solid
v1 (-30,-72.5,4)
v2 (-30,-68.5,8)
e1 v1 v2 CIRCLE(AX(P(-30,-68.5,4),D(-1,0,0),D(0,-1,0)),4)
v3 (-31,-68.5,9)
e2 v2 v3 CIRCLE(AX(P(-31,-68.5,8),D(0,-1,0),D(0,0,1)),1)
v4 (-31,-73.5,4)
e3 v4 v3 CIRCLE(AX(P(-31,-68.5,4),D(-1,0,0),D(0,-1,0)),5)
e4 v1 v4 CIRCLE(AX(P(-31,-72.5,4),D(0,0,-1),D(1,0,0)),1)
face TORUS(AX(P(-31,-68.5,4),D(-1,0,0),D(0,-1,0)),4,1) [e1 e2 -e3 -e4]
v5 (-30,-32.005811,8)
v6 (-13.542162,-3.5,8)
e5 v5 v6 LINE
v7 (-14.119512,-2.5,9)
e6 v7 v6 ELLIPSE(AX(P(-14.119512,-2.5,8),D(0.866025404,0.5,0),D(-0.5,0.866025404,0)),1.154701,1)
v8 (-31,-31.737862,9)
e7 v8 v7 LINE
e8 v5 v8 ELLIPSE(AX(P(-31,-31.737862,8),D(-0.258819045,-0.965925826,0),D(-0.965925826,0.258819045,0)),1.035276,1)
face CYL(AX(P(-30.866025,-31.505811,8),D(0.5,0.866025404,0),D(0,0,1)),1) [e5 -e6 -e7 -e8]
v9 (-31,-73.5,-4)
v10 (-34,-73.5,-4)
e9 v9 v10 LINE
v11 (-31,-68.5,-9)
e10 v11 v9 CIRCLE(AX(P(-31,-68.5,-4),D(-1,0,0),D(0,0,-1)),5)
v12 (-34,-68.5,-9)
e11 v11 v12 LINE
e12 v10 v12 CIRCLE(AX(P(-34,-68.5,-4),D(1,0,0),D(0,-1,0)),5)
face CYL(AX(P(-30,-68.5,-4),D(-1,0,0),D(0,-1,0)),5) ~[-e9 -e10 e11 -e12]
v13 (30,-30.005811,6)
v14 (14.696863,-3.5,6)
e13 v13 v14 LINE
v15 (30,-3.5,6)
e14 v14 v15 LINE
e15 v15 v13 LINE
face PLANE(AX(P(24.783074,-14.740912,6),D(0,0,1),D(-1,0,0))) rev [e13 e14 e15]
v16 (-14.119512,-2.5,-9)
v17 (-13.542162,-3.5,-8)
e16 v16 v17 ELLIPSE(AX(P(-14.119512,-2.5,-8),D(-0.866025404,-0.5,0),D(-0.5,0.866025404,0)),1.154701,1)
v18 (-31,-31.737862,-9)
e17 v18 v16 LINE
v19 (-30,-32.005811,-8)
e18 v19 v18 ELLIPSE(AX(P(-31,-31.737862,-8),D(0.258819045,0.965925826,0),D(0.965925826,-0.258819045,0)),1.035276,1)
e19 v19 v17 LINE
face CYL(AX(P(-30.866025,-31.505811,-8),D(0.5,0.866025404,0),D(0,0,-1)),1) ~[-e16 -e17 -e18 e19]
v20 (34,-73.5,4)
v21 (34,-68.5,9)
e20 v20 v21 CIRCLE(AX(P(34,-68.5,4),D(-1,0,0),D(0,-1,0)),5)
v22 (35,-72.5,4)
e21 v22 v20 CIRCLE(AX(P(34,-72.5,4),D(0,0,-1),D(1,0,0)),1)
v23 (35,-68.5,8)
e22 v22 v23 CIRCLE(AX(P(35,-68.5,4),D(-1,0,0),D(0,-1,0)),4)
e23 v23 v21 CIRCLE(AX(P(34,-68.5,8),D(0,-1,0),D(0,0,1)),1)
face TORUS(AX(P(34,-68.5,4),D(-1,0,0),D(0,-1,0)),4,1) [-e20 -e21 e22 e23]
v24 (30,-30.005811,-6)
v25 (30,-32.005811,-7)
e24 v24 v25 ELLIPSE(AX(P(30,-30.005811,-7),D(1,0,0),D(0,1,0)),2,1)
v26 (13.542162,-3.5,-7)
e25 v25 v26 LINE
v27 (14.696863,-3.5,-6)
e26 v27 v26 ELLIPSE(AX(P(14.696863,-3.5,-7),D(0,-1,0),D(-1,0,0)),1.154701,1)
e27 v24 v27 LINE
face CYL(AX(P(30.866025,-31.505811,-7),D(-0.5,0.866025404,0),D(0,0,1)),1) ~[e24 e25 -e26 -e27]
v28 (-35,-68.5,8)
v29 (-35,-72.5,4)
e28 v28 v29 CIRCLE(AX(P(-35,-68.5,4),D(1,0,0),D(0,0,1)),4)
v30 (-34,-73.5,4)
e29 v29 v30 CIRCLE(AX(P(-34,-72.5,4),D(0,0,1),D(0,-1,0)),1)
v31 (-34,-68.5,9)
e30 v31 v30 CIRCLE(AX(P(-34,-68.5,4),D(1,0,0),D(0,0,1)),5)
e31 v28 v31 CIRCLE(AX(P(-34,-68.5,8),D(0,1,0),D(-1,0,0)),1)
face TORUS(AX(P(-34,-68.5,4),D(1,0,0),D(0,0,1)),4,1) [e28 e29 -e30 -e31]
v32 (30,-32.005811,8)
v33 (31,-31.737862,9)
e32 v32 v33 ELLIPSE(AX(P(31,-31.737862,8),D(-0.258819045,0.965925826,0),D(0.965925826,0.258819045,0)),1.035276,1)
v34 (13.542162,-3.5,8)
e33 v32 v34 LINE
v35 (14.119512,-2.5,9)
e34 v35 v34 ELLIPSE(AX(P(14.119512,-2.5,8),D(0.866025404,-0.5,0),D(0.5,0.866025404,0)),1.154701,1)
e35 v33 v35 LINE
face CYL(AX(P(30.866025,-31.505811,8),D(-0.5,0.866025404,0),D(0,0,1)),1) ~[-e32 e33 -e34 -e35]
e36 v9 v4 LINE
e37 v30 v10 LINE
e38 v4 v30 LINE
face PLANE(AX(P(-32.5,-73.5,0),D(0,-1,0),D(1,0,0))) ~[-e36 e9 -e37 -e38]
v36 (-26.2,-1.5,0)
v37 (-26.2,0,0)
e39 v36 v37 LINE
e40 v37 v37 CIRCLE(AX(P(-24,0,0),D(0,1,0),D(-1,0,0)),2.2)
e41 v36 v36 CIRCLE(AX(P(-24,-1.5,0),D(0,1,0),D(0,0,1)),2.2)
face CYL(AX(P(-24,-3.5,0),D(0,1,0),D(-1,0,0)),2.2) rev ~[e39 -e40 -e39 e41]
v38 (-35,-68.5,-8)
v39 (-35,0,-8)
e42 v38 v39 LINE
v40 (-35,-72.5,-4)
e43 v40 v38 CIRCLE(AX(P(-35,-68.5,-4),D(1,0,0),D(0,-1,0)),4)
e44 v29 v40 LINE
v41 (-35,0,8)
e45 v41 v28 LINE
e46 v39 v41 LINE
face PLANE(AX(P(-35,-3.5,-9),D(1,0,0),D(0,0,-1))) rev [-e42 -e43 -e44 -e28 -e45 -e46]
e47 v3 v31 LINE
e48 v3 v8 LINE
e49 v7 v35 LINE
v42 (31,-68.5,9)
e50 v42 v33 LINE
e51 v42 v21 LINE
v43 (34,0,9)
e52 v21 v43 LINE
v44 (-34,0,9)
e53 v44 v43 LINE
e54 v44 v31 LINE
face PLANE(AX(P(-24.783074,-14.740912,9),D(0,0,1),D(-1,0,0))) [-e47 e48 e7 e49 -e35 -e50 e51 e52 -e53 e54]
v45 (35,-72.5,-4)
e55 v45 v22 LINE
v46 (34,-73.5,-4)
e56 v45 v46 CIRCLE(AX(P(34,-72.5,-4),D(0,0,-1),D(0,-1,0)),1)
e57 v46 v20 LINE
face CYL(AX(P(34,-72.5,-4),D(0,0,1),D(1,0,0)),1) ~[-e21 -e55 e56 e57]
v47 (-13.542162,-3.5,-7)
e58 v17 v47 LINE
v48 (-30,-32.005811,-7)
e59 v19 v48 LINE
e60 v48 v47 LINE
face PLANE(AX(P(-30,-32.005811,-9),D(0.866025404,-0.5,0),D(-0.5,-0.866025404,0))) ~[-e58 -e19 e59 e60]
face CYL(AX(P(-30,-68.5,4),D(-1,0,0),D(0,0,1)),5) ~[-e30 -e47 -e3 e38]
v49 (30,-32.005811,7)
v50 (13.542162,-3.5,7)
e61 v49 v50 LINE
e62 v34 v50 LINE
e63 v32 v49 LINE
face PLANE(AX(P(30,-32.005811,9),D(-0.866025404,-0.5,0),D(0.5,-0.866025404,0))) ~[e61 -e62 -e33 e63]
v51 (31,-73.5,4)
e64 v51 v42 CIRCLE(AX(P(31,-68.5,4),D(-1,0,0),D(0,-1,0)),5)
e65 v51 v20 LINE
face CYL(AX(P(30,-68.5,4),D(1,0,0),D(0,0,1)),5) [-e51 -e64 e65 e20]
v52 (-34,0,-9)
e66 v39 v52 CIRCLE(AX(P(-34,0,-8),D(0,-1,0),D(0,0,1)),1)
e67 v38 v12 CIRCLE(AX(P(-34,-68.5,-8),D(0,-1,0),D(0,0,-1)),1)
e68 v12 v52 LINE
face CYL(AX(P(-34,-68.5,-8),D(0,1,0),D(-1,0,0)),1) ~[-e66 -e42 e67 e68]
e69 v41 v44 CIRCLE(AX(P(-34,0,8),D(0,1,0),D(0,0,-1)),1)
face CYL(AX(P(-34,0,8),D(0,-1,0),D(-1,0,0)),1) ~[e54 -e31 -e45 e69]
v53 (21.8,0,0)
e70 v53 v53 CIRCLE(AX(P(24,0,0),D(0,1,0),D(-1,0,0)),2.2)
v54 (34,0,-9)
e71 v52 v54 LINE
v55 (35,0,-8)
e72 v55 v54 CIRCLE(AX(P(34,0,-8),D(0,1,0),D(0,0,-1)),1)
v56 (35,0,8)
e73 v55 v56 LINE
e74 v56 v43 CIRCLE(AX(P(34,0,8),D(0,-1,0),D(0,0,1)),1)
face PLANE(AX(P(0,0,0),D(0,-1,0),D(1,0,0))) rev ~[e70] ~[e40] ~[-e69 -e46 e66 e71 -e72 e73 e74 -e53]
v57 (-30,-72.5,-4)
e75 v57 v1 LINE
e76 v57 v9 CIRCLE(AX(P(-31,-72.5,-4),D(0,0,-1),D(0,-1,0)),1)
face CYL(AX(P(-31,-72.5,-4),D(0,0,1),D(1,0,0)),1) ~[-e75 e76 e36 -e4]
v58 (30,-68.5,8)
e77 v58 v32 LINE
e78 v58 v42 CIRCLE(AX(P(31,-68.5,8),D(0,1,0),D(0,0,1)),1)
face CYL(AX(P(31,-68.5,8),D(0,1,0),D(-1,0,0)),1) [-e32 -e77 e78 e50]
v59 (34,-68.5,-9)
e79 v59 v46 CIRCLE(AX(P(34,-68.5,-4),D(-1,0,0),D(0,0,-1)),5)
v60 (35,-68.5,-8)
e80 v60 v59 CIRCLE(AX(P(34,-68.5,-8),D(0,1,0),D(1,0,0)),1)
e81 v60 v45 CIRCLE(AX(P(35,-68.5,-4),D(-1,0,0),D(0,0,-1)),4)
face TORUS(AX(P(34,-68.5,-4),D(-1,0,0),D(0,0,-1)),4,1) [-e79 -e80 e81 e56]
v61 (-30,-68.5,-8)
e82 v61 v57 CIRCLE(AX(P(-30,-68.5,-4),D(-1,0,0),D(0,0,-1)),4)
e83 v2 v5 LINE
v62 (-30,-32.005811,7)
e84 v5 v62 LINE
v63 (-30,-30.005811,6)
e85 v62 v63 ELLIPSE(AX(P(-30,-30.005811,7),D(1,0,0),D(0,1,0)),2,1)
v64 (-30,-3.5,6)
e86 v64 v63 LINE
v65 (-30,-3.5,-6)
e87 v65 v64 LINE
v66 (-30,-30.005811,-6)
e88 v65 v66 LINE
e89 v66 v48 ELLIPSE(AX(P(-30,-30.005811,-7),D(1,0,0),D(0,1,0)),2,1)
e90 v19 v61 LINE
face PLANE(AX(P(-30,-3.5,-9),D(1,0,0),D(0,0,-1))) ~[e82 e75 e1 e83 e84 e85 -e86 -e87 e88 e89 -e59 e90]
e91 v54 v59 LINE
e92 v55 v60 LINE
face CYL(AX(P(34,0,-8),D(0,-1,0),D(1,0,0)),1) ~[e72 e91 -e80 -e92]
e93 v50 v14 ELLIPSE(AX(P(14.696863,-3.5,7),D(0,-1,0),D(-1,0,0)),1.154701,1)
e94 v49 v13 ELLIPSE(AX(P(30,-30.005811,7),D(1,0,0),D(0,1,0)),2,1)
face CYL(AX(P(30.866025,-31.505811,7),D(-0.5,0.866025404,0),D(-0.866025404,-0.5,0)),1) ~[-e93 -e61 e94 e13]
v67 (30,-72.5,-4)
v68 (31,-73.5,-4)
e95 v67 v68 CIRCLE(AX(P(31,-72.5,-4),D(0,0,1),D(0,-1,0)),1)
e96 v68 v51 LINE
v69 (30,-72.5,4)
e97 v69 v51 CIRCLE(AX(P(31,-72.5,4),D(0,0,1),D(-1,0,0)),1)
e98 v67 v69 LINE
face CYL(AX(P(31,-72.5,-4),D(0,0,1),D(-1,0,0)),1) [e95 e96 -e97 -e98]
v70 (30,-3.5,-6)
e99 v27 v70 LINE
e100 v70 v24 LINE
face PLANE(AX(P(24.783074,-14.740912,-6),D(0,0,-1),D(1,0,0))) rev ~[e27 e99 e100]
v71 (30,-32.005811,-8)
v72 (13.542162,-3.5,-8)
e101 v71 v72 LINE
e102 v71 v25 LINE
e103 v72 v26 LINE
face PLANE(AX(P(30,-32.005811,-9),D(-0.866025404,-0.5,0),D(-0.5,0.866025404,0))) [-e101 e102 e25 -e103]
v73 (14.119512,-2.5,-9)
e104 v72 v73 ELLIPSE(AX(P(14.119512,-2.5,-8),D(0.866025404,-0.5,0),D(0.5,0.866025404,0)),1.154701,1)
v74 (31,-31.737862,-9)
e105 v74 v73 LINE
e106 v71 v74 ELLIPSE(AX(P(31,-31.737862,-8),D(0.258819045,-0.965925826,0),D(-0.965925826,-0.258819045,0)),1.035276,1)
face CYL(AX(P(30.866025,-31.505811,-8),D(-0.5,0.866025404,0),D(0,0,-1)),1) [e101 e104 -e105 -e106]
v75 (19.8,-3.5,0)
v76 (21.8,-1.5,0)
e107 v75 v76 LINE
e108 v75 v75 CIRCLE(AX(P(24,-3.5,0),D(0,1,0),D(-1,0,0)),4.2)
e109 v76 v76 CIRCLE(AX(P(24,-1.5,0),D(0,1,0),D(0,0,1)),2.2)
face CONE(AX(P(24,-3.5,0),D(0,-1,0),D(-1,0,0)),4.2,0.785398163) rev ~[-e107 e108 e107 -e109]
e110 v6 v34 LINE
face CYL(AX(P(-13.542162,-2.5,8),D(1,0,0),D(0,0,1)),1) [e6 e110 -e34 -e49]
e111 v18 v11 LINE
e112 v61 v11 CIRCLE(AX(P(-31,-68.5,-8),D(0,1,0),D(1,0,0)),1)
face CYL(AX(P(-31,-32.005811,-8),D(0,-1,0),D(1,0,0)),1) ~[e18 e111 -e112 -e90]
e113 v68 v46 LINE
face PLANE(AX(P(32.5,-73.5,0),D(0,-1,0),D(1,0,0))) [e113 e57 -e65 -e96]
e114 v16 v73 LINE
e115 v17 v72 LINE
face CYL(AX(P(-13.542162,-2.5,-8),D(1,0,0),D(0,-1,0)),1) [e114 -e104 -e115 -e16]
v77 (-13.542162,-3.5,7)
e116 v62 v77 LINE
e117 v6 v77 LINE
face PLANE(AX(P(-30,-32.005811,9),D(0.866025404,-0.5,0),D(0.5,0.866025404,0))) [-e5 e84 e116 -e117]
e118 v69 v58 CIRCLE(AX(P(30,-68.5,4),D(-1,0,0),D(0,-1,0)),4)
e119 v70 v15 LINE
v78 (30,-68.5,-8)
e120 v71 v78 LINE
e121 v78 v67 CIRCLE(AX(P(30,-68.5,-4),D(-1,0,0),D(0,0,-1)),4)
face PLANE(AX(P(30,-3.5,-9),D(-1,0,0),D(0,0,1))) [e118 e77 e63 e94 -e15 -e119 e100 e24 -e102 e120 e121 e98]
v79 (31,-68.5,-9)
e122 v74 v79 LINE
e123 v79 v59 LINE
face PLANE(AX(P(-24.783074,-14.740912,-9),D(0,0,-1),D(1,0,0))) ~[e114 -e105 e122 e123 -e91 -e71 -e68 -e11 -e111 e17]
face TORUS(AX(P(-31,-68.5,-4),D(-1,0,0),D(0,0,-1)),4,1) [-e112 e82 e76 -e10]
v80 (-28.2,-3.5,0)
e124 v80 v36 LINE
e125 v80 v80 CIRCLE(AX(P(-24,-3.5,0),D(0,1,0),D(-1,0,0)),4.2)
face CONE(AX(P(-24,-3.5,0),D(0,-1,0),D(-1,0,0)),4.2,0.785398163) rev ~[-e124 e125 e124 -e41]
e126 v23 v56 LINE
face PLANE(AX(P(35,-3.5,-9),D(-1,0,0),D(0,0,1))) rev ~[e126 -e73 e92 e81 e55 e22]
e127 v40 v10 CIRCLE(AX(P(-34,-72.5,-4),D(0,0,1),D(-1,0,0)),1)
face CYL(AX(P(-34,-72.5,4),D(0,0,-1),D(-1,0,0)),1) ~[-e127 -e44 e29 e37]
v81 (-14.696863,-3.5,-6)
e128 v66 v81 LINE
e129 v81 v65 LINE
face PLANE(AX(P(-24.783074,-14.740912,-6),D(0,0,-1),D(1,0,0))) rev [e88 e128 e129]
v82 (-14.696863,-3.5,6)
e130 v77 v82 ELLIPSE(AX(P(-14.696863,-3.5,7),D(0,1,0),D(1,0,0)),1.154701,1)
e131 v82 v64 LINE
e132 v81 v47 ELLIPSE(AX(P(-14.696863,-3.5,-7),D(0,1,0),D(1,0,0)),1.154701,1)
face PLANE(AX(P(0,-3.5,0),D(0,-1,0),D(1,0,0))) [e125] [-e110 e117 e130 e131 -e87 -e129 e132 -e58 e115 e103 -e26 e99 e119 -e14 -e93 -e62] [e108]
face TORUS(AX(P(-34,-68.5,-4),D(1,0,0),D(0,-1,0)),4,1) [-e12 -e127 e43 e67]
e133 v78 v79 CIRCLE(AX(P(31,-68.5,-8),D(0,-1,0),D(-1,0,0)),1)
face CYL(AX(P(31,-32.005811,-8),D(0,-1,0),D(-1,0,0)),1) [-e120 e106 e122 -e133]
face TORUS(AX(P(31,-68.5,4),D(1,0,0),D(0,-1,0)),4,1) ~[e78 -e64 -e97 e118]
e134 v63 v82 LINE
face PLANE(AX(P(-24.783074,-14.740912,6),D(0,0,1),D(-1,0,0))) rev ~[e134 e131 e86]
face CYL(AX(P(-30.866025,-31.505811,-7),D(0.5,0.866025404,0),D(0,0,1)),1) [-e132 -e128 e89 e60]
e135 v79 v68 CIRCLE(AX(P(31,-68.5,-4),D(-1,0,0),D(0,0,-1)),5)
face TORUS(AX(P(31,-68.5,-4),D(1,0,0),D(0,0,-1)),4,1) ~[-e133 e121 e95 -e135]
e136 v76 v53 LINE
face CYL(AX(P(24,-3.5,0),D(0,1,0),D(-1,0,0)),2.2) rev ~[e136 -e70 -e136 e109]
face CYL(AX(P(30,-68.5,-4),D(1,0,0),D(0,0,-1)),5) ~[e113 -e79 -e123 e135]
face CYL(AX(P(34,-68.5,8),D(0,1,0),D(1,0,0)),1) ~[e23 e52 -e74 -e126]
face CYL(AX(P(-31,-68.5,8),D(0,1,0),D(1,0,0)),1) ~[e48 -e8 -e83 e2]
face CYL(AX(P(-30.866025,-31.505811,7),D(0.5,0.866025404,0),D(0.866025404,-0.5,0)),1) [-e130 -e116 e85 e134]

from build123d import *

# Parameters (mm, degrees)
F0_W            = 70
F0_H            = 18
F1_DEPTH        = 3.5
F2_W            = 5
F2_H            = 18
F3_DEPTH        = 70
F5_DEPTH        = 3
F8_R            = 5
F9_R            = 1
F11_D           = 4.4
F11_CSINK_D     = 8.4
F11_CSINK_ANGLE = 90


with BuildPart() as f1:
    # F0 (on Front) → F1 (new body)
    with BuildSketch(Plane.XZ):
        Rectangle(F0_W, F0_H)
    extrude(amount=F1_DEPTH)

    # F2 (on face) → F3 (join)
    with BuildSketch(Plane.XZ.offset(3.5)):
        with Locations((32.5, 0)):
            Rectangle(F2_W, F2_H)
    extrude(amount=F3_DEPTH)

    # F4 (on face) → F5 (join)
    with BuildSketch(Plane(origin=(0, 0, -9), x_dir=(1, 0, 0), z_dir=(0, 0, -1))):
        Polygon((13.5421621762, 3.5), (30, 3.5), (30, 32.0058112935), align=None)
    extrude(amount=-F5_DEPTH)

    # F6: F1 across plane


with BuildPart() as f1_1:
    add(f1.part)
    add(f1.part.mirror(Plane.XY))

    # F7: F1 across plane


with BuildPart() as f1_2:
    add(f1_1.part)
    add(f1_1.part.mirror(Plane.YZ))

    # F8
    f8_edges = [f1_2.edges().sort_by_distance(p)[0] for p in [
        (-32.5, -73.5, -9),
        (-32.5, -73.5, 9),
        (32.5, -73.5, -9),
        (32.5, -73.5, 9),
    ]]
    fillet(f8_edges, radius=F8_R)

    # F9
    f9_edges = [f1_2.edges().sort_by_distance(p)[0] for p in [
        (-35, -34.25, -9),
        (35, -34.25, -9),
        (-30, -50.252906, -9),
        (30, -50.252906, -9),
        (-21.771081, -17.752906, -9),
        (0, -3.5, -9),
        (21.771081, -17.752906, 9),
        (-21.771081, -17.752906, 9),
        (0, -3.5, 9),
        (21.771081, -17.752906, 6),
        (21.771081, -17.752906, -6),
        (-21.771081, -17.752906, 6),
        (-21.771081, -17.752906, -6),
        (21.771081, -17.752906, -9),
    ]]
    fillet(f9_edges, radius=F9_R)

    # F11 (through all)
    with Locations(Plane.XZ.offset(3.5)):
        with Locations((-24, 0), (24, 0)):
            CounterSinkHole(F11_D / 2, F11_CSINK_D / 2, counter_sink_angle=F11_CSINK_ANGLE)


solid = f1_2.part
